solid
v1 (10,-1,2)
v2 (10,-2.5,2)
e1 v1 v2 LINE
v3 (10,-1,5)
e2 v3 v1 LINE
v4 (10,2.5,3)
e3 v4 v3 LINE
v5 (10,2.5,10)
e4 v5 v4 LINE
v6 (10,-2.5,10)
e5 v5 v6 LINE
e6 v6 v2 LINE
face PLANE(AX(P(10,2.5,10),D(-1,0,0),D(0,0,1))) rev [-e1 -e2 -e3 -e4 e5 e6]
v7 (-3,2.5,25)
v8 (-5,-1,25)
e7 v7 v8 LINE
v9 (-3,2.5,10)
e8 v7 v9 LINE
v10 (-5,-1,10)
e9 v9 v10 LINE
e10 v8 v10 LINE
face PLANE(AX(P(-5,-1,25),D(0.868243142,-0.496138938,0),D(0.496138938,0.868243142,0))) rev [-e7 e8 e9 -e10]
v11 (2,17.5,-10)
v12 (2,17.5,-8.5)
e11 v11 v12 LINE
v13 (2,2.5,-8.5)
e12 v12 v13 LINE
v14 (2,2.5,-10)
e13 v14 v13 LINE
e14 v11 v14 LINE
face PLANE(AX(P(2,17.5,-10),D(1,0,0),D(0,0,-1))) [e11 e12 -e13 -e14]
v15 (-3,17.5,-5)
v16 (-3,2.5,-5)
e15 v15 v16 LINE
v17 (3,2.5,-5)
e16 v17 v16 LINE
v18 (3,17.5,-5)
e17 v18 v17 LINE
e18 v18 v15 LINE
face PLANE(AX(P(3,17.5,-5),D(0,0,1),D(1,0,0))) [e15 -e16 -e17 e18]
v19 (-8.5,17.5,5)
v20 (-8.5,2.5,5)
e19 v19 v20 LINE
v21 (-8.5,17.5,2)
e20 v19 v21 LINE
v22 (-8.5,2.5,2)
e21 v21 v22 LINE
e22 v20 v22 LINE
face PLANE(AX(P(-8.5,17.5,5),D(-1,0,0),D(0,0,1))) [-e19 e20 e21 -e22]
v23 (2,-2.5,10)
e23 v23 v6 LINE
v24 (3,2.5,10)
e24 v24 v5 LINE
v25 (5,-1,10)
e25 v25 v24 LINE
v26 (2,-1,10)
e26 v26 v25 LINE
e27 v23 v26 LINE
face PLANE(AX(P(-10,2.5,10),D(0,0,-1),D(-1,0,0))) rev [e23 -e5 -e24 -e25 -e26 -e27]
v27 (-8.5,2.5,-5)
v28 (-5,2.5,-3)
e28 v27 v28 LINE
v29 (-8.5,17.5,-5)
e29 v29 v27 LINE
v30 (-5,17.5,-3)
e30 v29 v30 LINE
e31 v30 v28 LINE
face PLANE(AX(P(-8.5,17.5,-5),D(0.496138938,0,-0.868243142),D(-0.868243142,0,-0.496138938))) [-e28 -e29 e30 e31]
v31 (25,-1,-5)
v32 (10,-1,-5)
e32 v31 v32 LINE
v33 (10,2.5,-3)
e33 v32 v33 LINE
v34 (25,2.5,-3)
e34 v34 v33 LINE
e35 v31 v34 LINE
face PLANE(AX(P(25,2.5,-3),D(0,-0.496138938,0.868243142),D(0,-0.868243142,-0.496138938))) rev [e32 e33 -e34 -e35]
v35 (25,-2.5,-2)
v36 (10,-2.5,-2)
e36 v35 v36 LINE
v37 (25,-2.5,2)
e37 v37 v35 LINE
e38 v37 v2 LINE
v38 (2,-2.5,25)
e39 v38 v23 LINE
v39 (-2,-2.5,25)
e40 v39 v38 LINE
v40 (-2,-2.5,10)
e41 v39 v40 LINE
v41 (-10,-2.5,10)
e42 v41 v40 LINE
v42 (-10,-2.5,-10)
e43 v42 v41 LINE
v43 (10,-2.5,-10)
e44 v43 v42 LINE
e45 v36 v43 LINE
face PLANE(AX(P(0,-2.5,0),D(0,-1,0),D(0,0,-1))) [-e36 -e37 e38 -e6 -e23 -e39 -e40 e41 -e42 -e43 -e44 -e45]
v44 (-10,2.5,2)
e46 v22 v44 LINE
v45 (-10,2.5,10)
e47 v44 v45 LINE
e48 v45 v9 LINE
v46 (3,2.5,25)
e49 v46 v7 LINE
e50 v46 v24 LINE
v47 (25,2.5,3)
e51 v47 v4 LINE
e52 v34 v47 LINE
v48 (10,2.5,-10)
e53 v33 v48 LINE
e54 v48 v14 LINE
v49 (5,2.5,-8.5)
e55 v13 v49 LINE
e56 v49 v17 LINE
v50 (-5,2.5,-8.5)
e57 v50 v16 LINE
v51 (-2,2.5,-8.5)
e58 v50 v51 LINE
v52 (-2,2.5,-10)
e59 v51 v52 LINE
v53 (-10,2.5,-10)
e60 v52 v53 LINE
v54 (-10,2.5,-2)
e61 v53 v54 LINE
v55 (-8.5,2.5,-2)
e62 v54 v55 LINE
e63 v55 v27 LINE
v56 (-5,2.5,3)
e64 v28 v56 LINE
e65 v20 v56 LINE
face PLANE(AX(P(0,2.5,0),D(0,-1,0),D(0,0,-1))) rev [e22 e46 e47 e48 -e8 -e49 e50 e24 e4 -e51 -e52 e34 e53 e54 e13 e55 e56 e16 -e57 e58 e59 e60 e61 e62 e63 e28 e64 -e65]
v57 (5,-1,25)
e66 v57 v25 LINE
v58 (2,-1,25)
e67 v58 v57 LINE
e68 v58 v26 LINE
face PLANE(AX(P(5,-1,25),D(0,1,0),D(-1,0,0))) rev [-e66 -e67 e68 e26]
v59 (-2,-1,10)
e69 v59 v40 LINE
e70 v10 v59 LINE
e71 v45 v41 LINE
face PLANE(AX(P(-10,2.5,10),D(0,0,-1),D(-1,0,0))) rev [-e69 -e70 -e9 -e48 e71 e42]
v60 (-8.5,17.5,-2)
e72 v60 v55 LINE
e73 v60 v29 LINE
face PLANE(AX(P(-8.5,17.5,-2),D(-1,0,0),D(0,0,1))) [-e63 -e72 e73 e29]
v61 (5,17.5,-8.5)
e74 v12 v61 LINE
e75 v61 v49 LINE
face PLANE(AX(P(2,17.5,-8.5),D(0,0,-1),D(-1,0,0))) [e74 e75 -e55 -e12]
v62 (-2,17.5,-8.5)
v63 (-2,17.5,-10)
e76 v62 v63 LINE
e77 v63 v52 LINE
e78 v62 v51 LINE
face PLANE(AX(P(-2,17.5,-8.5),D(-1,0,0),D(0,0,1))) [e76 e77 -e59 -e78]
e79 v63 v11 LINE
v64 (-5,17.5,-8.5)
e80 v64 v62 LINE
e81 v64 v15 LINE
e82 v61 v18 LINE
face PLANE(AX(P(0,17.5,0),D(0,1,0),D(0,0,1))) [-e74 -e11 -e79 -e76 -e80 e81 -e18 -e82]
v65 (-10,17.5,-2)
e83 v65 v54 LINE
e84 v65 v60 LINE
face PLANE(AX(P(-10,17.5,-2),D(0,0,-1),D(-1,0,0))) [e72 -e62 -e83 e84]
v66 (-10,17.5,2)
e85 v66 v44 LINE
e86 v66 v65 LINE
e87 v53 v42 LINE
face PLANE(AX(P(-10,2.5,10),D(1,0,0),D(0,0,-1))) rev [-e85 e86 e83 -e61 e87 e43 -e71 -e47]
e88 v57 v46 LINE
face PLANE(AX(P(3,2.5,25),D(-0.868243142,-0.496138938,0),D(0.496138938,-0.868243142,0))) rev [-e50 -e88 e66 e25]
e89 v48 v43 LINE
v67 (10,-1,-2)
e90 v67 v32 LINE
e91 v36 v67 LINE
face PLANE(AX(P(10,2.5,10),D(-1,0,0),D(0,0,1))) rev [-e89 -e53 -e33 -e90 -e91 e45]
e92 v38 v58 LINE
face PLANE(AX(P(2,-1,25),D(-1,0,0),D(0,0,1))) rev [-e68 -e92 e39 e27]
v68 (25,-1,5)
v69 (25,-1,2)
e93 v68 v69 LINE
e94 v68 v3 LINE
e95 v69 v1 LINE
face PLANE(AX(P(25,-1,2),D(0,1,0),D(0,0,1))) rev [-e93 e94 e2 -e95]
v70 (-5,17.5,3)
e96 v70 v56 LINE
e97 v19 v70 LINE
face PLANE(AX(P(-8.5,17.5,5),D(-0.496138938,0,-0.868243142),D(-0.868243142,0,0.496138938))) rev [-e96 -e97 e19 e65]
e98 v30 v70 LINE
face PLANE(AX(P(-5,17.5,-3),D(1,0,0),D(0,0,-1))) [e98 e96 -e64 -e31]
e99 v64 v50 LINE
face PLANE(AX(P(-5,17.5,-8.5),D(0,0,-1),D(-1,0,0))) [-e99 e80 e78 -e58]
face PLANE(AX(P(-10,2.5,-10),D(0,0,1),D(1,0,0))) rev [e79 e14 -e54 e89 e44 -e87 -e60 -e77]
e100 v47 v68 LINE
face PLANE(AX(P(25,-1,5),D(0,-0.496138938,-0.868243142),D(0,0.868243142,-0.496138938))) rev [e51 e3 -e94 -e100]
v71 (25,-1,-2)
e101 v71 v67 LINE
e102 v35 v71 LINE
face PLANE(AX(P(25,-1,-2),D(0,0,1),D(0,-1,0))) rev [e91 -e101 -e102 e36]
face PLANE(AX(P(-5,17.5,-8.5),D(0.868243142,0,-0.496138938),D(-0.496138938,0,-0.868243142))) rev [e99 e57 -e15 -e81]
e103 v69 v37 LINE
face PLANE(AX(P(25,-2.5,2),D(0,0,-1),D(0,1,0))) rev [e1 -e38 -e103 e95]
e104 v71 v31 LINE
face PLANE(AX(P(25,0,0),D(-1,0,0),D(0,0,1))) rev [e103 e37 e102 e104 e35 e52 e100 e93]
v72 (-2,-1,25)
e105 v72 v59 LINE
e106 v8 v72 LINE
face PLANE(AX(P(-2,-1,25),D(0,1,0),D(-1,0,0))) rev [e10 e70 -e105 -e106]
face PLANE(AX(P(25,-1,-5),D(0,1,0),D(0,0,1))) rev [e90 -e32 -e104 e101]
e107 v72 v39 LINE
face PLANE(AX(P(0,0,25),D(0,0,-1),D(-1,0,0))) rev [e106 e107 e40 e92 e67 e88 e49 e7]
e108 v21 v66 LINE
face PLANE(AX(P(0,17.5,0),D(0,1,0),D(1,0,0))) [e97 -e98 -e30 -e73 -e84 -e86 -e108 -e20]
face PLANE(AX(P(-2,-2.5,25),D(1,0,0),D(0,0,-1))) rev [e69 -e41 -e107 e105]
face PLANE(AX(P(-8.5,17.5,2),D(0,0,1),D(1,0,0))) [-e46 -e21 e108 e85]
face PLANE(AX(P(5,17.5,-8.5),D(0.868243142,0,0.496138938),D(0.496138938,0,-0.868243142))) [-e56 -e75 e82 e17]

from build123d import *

# Parameters (mm, degrees)
SKETCH1_W           = 20
SKETCH1_H           = 20
BOSS_EXTRUDE1_DEPTH = 2.5
BOSS_EXTRUDE2_DEPTH = 15
CIRPATTERN1_COUNT   = 2
CIRPATTERN1_ANGLE   = 90
BOSS_EXTRUDE3_DEPTH = 15
CIRPATTERN2_COUNT   = 2
CIRPATTERN2_ANGLE   = 90


with BuildPart() as part:
    # Sketch1 → Boss-Extrude1 (new, symmetric)
    with BuildSketch(Plane(origin=(0, 0, 0), x_dir=(1, 0, 0), z_dir=(0, 1, 0))):
        Rectangle(SKETCH1_W, SKETCH1_H)
    extrude(amount=BOSS_EXTRUDE1_DEPTH, both=True)

    # Sketch2 → Boss-Extrude2 (add)
    with BuildSketch(Plane(origin=(0, 2.5, 0), x_dir=(1, 0, 0), z_dir=(0, 1, 0))):
        Polygon((-2, 10), (2, 10), (2, 8.5), (5, 8.5), (3, 5), (-3, 5), (-5, 8.5), (-2, 8.5), align=None)
    boss_extrude2 = extrude(amount=BOSS_EXTRUDE2_DEPTH)

    # CirPattern1: Boss-Extrude2 ×2 about axis
    cirpattern1_axis = Axis((0, 0, 0), (0, 1, 0))
    for i in range(1, CIRPATTERN1_COUNT):
        add(boss_extrude2.rotate(cirpattern1_axis, i * CIRPATTERN1_ANGLE / (CIRPATTERN1_COUNT - 1)))

    # Sketch3 → Boss-Extrude3 (add)
    with BuildSketch(Plane(origin=(10, 0, 0), x_dir=(0, 0, -1), z_dir=(1, 0, 0))):
        Polygon((-3, 2.5), (3, 2.5), (5, -1), (2, -1), (2, -2.5), (-2, -2.5), (-2, -1), (-5, -1), align=None)
    boss_extrude3 = extrude(amount=BOSS_EXTRUDE3_DEPTH)

    # CirPattern2: Boss-Extrude3 ×2 about axis
    cirpattern2_axis = Axis((0, 0, 0), (0, -1, 0))
    for i in range(1, CIRPATTERN2_COUNT):
        add(boss_extrude3.rotate(cirpattern2_axis, i * CIRPATTERN2_ANGLE / (CIRPATTERN2_COUNT - 1)))


solid = part.part
